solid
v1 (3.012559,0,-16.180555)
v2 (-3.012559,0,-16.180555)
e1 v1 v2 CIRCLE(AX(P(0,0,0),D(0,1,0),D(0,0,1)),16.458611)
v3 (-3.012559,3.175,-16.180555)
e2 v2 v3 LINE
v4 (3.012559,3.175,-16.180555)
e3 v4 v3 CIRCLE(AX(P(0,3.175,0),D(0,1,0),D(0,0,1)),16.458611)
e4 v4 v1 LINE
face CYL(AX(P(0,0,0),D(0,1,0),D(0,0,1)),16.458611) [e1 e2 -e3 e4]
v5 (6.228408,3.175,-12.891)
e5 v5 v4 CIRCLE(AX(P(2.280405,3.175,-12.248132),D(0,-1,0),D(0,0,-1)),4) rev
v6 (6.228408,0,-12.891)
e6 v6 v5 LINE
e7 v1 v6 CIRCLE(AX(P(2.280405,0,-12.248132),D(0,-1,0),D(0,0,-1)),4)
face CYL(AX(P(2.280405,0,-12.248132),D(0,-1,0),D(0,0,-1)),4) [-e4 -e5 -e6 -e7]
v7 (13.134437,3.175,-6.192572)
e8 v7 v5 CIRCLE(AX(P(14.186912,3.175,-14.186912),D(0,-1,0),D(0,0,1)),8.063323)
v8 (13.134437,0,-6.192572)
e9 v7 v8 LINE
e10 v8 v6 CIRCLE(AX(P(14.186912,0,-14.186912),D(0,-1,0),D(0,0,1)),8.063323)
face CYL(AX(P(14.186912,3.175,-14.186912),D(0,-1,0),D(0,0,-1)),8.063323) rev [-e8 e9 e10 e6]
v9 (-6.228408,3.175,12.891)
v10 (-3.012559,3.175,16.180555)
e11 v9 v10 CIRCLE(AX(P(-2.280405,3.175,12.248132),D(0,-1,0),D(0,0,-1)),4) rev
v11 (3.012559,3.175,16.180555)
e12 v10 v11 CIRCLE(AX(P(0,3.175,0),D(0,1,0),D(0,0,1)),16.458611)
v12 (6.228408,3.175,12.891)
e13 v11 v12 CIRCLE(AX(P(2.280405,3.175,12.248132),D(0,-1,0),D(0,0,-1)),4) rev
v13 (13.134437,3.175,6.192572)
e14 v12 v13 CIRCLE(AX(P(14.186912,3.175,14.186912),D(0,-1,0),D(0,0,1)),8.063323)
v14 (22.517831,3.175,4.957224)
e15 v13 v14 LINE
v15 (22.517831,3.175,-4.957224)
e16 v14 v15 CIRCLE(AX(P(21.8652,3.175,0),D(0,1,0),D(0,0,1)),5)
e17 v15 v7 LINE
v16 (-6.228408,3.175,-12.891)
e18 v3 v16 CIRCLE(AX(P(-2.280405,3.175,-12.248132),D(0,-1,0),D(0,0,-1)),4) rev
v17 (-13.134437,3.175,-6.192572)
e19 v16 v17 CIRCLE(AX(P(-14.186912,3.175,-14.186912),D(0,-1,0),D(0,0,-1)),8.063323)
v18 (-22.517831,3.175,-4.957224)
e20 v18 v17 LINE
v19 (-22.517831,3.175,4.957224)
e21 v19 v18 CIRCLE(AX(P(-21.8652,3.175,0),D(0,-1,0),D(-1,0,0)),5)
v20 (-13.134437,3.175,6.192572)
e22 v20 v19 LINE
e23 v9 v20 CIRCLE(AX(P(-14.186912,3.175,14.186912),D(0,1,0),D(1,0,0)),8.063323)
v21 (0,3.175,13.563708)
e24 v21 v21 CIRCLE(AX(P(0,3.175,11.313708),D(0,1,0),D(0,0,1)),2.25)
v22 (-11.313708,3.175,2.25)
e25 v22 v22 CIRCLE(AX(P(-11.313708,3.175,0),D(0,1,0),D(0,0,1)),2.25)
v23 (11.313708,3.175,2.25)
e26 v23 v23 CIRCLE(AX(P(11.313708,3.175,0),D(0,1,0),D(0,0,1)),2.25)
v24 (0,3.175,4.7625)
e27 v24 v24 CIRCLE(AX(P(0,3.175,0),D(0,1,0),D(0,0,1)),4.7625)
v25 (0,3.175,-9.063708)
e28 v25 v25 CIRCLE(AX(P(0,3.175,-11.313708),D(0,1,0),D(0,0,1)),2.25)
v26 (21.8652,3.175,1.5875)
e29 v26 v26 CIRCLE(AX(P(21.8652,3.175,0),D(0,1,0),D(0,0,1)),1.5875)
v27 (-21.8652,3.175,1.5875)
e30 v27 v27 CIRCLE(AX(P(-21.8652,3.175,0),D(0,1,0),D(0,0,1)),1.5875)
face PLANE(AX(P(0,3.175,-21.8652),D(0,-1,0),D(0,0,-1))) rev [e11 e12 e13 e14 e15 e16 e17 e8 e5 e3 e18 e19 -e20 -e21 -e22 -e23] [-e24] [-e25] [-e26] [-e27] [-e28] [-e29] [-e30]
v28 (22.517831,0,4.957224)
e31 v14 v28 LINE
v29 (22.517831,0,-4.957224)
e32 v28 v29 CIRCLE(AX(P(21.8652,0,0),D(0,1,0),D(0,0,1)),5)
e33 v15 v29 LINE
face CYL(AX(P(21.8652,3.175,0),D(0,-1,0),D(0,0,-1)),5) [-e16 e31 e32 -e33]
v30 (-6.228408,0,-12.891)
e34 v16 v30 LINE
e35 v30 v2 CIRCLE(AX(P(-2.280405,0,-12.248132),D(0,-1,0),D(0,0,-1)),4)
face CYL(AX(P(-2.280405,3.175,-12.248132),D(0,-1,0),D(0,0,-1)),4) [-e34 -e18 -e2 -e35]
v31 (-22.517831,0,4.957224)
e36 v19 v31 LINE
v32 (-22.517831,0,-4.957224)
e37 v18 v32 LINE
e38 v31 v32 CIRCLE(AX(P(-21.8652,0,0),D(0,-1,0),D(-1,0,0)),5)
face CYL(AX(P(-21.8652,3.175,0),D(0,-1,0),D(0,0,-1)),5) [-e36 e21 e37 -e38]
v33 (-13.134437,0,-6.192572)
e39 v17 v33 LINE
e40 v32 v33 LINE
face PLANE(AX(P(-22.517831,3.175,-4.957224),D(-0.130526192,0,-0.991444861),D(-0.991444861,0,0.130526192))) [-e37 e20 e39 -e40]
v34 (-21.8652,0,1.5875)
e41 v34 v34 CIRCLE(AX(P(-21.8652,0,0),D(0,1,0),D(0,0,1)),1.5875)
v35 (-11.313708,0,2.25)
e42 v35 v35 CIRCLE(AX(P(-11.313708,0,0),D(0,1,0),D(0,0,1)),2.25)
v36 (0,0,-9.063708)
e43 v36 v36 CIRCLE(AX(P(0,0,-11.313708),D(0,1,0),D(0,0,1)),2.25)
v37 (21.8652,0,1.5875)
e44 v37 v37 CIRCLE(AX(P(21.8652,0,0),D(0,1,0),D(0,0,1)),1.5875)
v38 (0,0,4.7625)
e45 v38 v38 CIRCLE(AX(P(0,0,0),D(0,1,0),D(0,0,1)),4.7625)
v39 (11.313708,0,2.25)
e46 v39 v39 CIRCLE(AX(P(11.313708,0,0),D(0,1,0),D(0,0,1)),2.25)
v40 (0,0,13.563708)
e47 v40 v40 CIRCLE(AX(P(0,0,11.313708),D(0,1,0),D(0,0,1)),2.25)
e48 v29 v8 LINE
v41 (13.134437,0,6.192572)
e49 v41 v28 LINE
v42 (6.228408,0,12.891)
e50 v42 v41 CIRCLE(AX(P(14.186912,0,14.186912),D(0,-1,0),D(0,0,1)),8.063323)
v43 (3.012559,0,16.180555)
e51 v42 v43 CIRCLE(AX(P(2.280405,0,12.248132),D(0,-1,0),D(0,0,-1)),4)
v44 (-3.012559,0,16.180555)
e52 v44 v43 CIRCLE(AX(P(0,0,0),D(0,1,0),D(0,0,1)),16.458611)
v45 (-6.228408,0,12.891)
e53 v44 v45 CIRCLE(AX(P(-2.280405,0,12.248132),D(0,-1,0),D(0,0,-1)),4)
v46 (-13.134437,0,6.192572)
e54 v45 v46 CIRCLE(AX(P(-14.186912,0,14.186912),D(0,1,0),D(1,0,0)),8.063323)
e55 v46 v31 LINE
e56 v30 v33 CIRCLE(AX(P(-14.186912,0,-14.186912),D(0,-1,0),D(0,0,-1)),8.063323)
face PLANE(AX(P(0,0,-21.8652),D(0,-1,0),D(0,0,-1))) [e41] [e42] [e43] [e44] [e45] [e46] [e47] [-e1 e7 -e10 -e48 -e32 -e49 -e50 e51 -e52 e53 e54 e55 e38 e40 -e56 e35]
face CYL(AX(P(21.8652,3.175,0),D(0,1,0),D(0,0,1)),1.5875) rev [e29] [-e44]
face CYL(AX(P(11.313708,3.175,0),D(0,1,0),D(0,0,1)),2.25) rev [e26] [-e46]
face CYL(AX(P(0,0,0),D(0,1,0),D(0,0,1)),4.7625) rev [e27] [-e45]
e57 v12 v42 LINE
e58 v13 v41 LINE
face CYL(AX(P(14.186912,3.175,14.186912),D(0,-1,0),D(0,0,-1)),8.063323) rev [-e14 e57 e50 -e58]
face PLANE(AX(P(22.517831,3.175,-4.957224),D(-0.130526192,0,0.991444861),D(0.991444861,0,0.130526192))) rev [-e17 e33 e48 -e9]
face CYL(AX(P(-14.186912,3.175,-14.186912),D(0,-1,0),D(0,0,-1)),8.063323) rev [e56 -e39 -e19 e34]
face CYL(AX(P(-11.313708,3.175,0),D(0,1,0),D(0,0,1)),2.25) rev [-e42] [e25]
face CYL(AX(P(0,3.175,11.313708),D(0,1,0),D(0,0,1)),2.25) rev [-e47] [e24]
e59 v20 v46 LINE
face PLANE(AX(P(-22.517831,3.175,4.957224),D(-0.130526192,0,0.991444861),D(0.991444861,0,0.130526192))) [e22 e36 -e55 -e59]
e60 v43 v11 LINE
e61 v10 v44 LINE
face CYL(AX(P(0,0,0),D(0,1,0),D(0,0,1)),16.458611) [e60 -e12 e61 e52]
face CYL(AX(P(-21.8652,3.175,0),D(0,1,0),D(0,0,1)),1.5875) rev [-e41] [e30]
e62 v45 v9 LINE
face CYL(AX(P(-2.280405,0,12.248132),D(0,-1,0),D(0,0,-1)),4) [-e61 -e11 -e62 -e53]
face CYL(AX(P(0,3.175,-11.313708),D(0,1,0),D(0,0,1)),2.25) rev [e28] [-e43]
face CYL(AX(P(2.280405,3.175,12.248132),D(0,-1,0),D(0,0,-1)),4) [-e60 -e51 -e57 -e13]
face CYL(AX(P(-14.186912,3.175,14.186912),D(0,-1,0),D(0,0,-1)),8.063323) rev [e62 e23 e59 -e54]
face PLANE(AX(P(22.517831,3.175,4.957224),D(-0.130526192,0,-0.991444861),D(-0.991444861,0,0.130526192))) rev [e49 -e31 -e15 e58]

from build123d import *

# Parameters (mm, degrees)
BOSS_EXTRUDE1_DEPTH        = 3.175
F_1_8_0_1250_DOWEL_HOLE1_D = 3.175
SKETCH4_R                  = 4.7625
CUT_EXTRUDE1_DEPTH         = 4.175
M4_CLEARANCE_HOLE1_D       = 4.5
SKETCH7_R                  = 1.5875
CUT_EXTRUDE2_DEPTH         = 4.175
FILLET1_R                  = 4


with BuildPart() as part:
    # Sketch1 → Boss-Extrude1 (new body)
    with BuildSketch(Plane(origin=(0, 0, 0), x_dir=(1, 0, 0), z_dir=(0, 1, 0))):
        with BuildLine():
            Line((4.957224307, 22.517830961), (6.192571563, 13.134436958))
            ThreePointArc((6.192571563, 13.134436958), (8.485281374, 8.485281374), (13.134436958, 6.192571563))
            Line((13.134436958, 6.192571563), (22.517830961, 4.957224307))
            ThreePointArc((22.517830961, 4.957224307), (26.8652, 0), (22.517830961, -4.957224307))
            Line((22.517830961, -4.957224307), (13.134436958, -6.192571563))
            ThreePointArc((13.134436958, -6.192571563), (10.620595205, -6.955137122), (8.485281374, -8.485281374))
            Line((8.485281374, -8.485281374), (-8.485281374, 8.485281374))
            ThreePointArc((-8.485281374, 8.485281374), (-6.955137122, 10.620595205), (-6.192571563, 13.134436958))
            Line((-6.192571563, 13.134436958), (-4.957224307, 22.517830961))
            ThreePointArc((-4.957224307, 22.517830961), (0, 26.8652), (4.957224307, 22.517830961))
        make_face()
    boss_extrude1 = extrude(amount=BOSS_EXTRUDE1_DEPTH)

    # Mirror7: Boss-Extrude1 across plane
    add(boss_extrude1.mirror(Plane(origin=(-8.485281374, 3.175, -8.485281374), x_dir=(0.707106781, 0, 0.707106781), z_dir=(0.707106781, 0, -0.707106781))))

    # 1/8 (0.1250) Dowel Hole1 (through all)
    with Locations(Plane(origin=(0, 3.175, 0), x_dir=(1, 0, 0), z_dir=(0, 1, 0))):
        with Locations((0, 21.8652), (0, -21.8652), (-21.8652, 0), (21.8652, 0)):
            Hole(F_1_8_0_1250_DOWEL_HOLE1_D / 2)

    # Sketch4 → Cut-Extrude1 (cut, through all)
    with BuildSketch(Plane(origin=(0, 3.175, 0), x_dir=(1, 0, 0), z_dir=(0, 1, 0))):
        Circle(SKETCH4_R)
    extrude(amount=-CUT_EXTRUDE1_DEPTH, mode=Mode.SUBTRACT)

    # M4 Clearance Hole1 (through all)
    with Locations(Plane(origin=(0, 3.175, 0), x_dir=(1, 0, 0), z_dir=(0, 1, 0))):
        with Locations((-11.313708499, 0), (0, 11.313708499), (11.313708499, 0), (0, -11.313708499)):
            Hole(M4_CLEARANCE_HOLE1_D / 2)

    # Sketch7 → Cut-Extrude2 (cut, through all)
    with BuildSketch(Plane(origin=(0, 3.175, 0), x_dir=(1, 0, 0), z_dir=(0, 1, 0))):
        with BuildLine():
            ThreePointArc((4.957224307, 22.517830961), (0, 26.8652), (-4.957224307, 22.517830961))
            Line((-4.957224307, 22.517830961), (-5.898887631, 15.365187896))
            ThreePointArc((-5.898887631, 15.365187896), (0, 16.458610949), (5.898887631, 15.365187896))
            Line((5.898887631, 15.365187896), (4.957224307, 22.517830961))
        make_face()
        with Locations((0, 21.8652)):
            Circle(SKETCH7_R, mode=Mode.SUBTRACT)
        with BuildLine():
            ThreePointArc((5.898887631, -15.365187896), (0, -16.458610949), (-5.898887631, -15.365187896))
            Line((-5.898887631, -15.365187896), (-4.957224307, -22.517830961))
            ThreePointArc((-4.957224307, -22.517830961), (0, -26.8652), (4.957224307, -22.517830961))
            Line((4.957224307, -22.517830961), (5.898887631, -15.365187896))
        make_face()
        with Locations((0, -21.8652)):
            Circle(SKETCH7_R, mode=Mode.SUBTRACT)
    extrude(amount=-CUT_EXTRUDE2_DEPTH, mode=Mode.SUBTRACT)

    # Fillet1
    fillet1_edges = [part.edges().sort_by_distance(p)[0] for p in [
        (5.898887631, 1.5875, -15.365187896),
        (-5.898887631, 1.5875, -15.365187896),
        (-5.898887631, 1.5875, 15.365187896),
        (5.898887631, 1.5875, 15.365187896),
    ]]
    fillet(fillet1_edges, radius=FILLET1_R)


solid = part.part
